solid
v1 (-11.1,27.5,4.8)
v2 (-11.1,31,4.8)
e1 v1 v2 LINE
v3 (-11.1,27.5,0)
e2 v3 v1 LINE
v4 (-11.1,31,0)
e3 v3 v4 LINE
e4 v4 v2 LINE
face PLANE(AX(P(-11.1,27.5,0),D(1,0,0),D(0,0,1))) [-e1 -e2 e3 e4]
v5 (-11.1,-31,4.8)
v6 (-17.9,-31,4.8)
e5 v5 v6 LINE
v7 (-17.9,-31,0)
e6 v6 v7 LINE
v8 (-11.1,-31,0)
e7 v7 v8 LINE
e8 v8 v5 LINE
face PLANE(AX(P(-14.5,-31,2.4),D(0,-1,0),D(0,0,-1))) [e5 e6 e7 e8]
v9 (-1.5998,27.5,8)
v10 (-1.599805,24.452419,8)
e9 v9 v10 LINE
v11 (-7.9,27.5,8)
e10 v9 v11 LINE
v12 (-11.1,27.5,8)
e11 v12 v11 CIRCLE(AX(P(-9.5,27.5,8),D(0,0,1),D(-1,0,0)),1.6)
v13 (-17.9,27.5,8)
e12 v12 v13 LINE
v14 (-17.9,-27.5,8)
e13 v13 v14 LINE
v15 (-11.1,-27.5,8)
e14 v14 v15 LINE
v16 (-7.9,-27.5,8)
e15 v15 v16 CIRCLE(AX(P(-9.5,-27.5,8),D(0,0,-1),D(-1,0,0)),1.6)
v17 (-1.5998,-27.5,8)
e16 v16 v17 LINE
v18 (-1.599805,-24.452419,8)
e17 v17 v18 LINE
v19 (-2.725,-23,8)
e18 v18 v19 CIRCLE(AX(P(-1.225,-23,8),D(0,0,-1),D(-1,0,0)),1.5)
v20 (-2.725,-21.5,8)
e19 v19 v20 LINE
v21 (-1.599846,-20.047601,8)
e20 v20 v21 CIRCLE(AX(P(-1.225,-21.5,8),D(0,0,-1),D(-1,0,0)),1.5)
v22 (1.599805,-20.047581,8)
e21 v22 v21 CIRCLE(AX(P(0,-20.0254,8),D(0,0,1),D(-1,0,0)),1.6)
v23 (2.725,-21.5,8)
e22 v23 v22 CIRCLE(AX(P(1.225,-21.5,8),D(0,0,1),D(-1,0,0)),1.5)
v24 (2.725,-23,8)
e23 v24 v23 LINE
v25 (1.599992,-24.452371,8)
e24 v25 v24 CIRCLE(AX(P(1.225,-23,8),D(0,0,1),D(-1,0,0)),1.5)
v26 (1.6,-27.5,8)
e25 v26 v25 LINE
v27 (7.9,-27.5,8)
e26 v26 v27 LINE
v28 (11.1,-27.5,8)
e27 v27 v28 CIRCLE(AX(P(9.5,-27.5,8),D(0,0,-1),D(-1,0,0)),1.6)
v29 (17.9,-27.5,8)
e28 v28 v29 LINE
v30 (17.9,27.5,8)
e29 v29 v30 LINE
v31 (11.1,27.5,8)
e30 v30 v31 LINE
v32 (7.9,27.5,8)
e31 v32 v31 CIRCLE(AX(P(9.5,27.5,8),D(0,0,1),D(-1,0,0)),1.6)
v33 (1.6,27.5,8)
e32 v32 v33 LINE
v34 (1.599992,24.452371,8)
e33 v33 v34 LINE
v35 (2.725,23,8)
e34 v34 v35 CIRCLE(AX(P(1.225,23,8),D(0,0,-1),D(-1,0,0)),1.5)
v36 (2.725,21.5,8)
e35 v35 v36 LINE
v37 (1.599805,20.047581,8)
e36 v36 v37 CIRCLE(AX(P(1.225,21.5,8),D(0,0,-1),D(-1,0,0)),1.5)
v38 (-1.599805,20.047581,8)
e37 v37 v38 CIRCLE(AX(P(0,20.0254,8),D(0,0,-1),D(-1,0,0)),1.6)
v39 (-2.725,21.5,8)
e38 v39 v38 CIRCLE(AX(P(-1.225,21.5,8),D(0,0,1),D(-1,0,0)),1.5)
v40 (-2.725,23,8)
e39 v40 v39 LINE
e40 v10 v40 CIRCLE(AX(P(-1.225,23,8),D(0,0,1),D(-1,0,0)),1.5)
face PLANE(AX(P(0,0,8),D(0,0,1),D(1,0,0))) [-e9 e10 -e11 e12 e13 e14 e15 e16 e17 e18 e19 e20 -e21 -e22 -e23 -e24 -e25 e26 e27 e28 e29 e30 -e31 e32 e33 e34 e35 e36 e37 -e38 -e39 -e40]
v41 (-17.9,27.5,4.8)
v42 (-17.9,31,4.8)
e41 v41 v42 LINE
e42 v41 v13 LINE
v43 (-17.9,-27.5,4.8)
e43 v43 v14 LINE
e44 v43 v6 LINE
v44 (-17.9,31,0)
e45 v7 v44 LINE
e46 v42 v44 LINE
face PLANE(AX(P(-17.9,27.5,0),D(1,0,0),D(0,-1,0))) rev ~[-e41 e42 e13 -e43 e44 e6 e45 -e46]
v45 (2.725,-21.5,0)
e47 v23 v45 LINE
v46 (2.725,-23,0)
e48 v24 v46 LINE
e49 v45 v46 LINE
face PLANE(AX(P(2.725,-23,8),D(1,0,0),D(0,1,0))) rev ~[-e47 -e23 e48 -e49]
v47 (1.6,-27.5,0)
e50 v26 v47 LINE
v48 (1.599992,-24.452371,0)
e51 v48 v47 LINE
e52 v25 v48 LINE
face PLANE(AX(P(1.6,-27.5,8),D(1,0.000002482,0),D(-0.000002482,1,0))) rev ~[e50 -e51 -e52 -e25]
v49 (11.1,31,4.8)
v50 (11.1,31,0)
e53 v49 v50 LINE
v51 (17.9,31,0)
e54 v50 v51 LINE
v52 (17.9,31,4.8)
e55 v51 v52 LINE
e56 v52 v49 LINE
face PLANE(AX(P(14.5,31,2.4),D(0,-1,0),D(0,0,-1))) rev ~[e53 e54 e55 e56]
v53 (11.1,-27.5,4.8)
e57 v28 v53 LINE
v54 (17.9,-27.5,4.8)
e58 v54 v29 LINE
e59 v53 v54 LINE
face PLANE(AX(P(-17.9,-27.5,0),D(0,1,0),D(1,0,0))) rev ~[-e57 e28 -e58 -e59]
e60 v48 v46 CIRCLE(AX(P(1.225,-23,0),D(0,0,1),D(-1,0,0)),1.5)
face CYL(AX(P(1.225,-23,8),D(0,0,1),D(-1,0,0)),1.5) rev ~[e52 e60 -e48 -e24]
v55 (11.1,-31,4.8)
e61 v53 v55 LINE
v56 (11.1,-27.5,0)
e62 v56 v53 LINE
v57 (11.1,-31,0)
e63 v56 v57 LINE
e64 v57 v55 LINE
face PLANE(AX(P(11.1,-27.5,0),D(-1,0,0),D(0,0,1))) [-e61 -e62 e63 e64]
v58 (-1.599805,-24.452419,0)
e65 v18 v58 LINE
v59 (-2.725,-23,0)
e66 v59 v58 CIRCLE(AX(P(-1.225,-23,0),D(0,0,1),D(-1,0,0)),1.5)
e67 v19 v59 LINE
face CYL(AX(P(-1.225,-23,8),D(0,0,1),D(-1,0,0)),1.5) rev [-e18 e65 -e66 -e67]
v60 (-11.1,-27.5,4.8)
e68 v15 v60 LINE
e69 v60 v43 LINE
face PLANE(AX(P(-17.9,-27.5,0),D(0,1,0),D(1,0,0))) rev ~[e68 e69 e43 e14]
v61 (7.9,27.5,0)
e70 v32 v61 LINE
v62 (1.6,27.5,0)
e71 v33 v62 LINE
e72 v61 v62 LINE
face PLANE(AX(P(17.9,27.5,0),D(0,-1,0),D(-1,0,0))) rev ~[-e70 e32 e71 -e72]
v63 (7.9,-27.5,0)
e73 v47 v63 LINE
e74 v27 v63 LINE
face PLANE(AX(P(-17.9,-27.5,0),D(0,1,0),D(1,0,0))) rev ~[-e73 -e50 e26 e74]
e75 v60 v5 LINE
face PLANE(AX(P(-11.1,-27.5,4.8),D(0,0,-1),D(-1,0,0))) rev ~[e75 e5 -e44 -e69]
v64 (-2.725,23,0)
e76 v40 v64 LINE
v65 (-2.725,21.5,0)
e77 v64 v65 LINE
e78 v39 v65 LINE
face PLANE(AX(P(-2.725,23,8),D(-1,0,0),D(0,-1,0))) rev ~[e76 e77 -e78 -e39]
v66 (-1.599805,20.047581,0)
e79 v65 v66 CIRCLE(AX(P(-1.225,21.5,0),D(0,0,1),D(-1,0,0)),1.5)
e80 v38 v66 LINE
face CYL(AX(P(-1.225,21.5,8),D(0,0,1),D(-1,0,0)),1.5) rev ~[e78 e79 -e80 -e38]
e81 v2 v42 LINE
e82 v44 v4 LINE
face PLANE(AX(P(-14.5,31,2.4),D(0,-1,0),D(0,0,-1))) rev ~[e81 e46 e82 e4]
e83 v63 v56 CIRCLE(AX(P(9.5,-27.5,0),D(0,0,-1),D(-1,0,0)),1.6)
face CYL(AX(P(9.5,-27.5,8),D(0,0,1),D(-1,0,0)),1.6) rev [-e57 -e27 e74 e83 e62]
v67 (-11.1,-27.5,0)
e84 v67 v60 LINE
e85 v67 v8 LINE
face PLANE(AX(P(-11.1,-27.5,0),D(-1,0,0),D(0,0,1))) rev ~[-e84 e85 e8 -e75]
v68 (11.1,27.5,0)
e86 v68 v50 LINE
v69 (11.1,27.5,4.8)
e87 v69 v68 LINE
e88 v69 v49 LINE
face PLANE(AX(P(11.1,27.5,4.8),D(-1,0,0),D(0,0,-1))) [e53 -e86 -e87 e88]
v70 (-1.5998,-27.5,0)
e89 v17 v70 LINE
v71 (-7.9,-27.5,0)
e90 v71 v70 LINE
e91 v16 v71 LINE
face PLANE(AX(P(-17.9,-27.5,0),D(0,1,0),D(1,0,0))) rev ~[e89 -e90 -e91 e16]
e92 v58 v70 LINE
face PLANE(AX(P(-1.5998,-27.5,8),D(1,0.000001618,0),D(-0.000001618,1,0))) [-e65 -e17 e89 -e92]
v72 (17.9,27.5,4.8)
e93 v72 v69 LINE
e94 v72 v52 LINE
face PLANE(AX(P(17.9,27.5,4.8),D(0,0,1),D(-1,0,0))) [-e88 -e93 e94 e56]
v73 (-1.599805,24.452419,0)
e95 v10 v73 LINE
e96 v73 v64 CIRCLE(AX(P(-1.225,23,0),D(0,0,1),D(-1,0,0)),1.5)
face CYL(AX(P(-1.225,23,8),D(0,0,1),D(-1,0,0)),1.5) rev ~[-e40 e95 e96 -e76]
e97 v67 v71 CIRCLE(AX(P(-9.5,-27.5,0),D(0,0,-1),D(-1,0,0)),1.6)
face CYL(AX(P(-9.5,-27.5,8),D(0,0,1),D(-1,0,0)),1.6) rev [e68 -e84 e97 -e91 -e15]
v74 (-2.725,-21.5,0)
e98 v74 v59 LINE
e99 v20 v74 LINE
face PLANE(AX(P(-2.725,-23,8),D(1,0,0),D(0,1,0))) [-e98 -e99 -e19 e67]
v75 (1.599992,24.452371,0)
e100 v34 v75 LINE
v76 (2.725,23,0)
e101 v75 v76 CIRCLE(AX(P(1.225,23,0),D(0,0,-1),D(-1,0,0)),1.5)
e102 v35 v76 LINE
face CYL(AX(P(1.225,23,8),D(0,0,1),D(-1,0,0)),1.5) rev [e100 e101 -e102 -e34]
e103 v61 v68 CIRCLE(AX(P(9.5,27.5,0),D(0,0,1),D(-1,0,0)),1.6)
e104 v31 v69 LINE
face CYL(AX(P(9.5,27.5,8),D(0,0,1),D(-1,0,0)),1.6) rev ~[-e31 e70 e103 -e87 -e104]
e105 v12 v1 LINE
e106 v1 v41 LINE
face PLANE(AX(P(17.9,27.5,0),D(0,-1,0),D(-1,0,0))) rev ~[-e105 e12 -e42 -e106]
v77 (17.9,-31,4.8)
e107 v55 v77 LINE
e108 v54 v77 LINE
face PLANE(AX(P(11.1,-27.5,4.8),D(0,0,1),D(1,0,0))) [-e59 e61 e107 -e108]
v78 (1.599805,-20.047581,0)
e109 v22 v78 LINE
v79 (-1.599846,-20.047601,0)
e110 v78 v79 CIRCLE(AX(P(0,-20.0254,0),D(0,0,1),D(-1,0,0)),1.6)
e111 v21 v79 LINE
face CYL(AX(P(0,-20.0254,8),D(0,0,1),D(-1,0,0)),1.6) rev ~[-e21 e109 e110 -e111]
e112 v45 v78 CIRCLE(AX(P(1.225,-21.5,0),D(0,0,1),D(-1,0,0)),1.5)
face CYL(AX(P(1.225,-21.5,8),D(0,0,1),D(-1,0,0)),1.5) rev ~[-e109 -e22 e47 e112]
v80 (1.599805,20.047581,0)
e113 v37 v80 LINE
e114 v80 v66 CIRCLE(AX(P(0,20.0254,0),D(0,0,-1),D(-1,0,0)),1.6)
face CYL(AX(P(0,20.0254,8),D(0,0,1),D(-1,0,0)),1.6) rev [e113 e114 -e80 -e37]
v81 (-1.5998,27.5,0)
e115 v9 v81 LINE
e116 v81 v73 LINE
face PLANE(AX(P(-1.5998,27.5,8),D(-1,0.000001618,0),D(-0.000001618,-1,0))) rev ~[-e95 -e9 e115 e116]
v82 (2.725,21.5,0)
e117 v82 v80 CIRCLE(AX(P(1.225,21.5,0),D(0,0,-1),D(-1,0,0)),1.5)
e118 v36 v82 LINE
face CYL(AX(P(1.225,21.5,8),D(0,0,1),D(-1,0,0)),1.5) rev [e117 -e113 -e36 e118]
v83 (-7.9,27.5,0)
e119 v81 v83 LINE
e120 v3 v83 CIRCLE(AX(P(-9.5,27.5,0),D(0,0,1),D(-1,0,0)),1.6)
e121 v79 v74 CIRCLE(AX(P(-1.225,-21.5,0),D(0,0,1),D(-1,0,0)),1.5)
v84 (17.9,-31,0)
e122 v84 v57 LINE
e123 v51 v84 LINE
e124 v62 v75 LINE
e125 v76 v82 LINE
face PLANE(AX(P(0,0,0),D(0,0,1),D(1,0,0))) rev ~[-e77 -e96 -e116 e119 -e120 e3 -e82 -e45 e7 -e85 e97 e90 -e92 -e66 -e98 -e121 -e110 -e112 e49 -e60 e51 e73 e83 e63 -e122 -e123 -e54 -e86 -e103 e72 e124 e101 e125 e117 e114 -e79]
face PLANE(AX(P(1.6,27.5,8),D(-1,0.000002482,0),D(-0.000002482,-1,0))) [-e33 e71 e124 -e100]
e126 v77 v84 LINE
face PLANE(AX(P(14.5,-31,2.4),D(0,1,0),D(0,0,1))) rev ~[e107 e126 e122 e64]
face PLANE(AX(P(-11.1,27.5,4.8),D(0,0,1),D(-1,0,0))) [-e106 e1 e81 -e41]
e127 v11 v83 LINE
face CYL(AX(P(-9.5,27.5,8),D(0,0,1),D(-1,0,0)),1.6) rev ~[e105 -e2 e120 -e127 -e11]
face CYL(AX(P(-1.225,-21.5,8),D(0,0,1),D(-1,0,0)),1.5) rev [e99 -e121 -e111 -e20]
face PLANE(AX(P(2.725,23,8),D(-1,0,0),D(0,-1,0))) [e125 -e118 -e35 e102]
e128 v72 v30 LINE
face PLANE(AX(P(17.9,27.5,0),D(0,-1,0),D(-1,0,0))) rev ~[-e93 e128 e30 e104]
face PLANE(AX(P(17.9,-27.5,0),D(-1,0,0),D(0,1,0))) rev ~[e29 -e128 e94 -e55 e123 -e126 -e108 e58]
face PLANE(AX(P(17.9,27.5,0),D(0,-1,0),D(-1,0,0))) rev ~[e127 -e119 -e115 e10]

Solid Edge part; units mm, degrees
sketch "Sketch1" plane through (0, 0, 0) normal (0, 0, 1) x (1, 0, 0)
  line L0 (-17.9, -27.5) -> (17.9, -27.5)
  line L1 (17.9, -27.5) -> (17.9, 27.5)
  line L2 (17.9, 27.5) -> (-17.9, 27.5)
  line L3 (-17.9, 27.5) -> (-17.9, -27.5)
extrude "Protrusion1" add sketch "Sketch1" along normal blind 8
sketch "Sketch2" plane through (0, -27.5, 4) normal (0, -1, 0) x (1, 0, 0)
  line L0 (-11.1, 0.8) -> (-17.9, 0.8)
  line L1 (-17.9, 0.8) -> (-17.9, -4)
  line L2 (-17.9, -4) -> (-11.1, -4)
  line L3 (-11.1, -4) -> (-11.1, 0.8)
  line L4 (11.1, 0.8) -> (17.9, 0.8)
  line L5 (17.9, 0.8) -> (17.9, -4)
  line L6 (17.9, -4) -> (11.1, -4)
  line L7 (11.1, -4) -> (11.1, 0.8)
extrude "ExtrudedProtrusion_2" add sketch "Sketch2" along normal blind 3.5
sketch "Sketch3" plane through (0, 27.5, 4) normal (0, 1, 0) x (-1, 0, 0)
  line L0 (-17.9, 0.8) -> (-11.1, 0.8)
  line L1 (-11.1, 0.8) -> (-11.1, -4)
  line L2 (-11.1, -4) -> (-17.9, -4)
  line L3 (-17.9, -4) -> (-17.9, 0.8)
  line L4 (11.1, 0.8) -> (17.9, 0.8)
  line L5 (17.9, 0.8) -> (17.9, -4)
  line L6 (17.9, -4) -> (11.1, -4)
  line L7 (11.1, -4) -> (11.1, 0.8)
extrude "ExtrudedProtrusion_3" add sketch "Sketch3" along normal blind 3.5
sketch "Sketch4" plane through (0, 0, 8) normal (0, 0, 1) x (-1, 0, 0)
  line L0 (1.5998, -27.5) -> (1.5998, -24.4524)
  arc A0 (1.5998, -24.4524) -> (2.725, -23) centre (1.225, -23) ccw
  line L1 (2.725, -23) -> (2.725, -21.5)
  arc A1 (2.725, -21.5) -> (1.5998, -20.0476) centre (1.225, -21.5) ccw
  arc A2 (-2.725, -21.5) -> (-1.5998, -20.0476) centre (-1.225, -21.5) cw
  line L2 (-2.725, -23) -> (-2.725, -21.5)
  arc A3 (-1.6, -24.4524) -> (-2.725, -23) centre (-1.225, -23) cw
  line L3 (-1.6, -27.5) -> (-1.6, -24.4524)
  line L4 (0, -27.5) -> (-1.6, -27.5)
  line L5 (0, -27.5) -> (1.5998, -27.5)
  arc A4 (-1.5998, -20.0476) -> (1.5998, -20.0476) centre (0, -20.0254) cw
extrude "ExtrudedCutout_1" cut sketch "Sketch4" against normal blind 8
sketch "Sketch5" plane through (0, 0, 8) normal (0, 0, 1) x (-1, 0, 0)
  line L0 (11.1, 27.5) -> (7.9, 27.5)
  arc A0 (11.1, 27.5) -> (7.9, 27.5) centre (9.5, 27.5) cw
  line L1 (-11.1, 27.5) -> (-7.9, 27.5)
  arc A1 (-7.9, 27.5) -> (-11.1, 27.5) centre (-9.5, 27.5) cw
  arc A2 (-7.9, -27.5) -> (-11.1, -27.5) centre (-9.5, -27.5) ccw
  line L2 (-11.1, -27.5) -> (-7.9, -27.5)
  arc A3 (11.1, -27.5) -> (7.9, -27.5) centre (9.5, -27.5) ccw
  line L3 (11.1, -27.5) -> (7.9, -27.5)
extrude "ExtrudedCutout_2" cut sketch "Sketch5" against normal blind 8
sketch "Sketch6" plane through (0, 0, 8) normal (0, 0, 1) x (-1, 0, 0)
  arc A0 (-1.6, 24.4524) -> (-2.725, 23) centre (-1.225, 23) ccw
  line L0 (-2.725, 23) -> (-2.725, 21.5)
  arc A1 (-2.725, 21.5) -> (-1.5998, 20.0476) centre (-1.225, 21.5) ccw
  arc A2 (-1.5998, 20.0476) -> (1.5998, 20.0476) centre (0, 20.0254) ccw
  arc A3 (2.725, 21.5) -> (1.5998, 20.0476) centre (1.225, 21.5) cw
  line L1 (2.725, 23) -> (2.725, 21.5)
  arc A4 (1.5998, 24.4524) -> (2.725, 23) centre (1.225, 23) cw
  line L2 (1.5998, 27.5) -> (1.5998, 24.4524)
  line L3 (0, 27.5) -> (1.5998, 27.5)
  line L4 (0, 27.5) -> (-1.6, 27.5)
  line L5 (-1.6, 27.5) -> (-1.6, 24.4524)
extrude "Cutout1" cut sketch "Sketch6" against normal up to next
properties material "Polycarbonate"
